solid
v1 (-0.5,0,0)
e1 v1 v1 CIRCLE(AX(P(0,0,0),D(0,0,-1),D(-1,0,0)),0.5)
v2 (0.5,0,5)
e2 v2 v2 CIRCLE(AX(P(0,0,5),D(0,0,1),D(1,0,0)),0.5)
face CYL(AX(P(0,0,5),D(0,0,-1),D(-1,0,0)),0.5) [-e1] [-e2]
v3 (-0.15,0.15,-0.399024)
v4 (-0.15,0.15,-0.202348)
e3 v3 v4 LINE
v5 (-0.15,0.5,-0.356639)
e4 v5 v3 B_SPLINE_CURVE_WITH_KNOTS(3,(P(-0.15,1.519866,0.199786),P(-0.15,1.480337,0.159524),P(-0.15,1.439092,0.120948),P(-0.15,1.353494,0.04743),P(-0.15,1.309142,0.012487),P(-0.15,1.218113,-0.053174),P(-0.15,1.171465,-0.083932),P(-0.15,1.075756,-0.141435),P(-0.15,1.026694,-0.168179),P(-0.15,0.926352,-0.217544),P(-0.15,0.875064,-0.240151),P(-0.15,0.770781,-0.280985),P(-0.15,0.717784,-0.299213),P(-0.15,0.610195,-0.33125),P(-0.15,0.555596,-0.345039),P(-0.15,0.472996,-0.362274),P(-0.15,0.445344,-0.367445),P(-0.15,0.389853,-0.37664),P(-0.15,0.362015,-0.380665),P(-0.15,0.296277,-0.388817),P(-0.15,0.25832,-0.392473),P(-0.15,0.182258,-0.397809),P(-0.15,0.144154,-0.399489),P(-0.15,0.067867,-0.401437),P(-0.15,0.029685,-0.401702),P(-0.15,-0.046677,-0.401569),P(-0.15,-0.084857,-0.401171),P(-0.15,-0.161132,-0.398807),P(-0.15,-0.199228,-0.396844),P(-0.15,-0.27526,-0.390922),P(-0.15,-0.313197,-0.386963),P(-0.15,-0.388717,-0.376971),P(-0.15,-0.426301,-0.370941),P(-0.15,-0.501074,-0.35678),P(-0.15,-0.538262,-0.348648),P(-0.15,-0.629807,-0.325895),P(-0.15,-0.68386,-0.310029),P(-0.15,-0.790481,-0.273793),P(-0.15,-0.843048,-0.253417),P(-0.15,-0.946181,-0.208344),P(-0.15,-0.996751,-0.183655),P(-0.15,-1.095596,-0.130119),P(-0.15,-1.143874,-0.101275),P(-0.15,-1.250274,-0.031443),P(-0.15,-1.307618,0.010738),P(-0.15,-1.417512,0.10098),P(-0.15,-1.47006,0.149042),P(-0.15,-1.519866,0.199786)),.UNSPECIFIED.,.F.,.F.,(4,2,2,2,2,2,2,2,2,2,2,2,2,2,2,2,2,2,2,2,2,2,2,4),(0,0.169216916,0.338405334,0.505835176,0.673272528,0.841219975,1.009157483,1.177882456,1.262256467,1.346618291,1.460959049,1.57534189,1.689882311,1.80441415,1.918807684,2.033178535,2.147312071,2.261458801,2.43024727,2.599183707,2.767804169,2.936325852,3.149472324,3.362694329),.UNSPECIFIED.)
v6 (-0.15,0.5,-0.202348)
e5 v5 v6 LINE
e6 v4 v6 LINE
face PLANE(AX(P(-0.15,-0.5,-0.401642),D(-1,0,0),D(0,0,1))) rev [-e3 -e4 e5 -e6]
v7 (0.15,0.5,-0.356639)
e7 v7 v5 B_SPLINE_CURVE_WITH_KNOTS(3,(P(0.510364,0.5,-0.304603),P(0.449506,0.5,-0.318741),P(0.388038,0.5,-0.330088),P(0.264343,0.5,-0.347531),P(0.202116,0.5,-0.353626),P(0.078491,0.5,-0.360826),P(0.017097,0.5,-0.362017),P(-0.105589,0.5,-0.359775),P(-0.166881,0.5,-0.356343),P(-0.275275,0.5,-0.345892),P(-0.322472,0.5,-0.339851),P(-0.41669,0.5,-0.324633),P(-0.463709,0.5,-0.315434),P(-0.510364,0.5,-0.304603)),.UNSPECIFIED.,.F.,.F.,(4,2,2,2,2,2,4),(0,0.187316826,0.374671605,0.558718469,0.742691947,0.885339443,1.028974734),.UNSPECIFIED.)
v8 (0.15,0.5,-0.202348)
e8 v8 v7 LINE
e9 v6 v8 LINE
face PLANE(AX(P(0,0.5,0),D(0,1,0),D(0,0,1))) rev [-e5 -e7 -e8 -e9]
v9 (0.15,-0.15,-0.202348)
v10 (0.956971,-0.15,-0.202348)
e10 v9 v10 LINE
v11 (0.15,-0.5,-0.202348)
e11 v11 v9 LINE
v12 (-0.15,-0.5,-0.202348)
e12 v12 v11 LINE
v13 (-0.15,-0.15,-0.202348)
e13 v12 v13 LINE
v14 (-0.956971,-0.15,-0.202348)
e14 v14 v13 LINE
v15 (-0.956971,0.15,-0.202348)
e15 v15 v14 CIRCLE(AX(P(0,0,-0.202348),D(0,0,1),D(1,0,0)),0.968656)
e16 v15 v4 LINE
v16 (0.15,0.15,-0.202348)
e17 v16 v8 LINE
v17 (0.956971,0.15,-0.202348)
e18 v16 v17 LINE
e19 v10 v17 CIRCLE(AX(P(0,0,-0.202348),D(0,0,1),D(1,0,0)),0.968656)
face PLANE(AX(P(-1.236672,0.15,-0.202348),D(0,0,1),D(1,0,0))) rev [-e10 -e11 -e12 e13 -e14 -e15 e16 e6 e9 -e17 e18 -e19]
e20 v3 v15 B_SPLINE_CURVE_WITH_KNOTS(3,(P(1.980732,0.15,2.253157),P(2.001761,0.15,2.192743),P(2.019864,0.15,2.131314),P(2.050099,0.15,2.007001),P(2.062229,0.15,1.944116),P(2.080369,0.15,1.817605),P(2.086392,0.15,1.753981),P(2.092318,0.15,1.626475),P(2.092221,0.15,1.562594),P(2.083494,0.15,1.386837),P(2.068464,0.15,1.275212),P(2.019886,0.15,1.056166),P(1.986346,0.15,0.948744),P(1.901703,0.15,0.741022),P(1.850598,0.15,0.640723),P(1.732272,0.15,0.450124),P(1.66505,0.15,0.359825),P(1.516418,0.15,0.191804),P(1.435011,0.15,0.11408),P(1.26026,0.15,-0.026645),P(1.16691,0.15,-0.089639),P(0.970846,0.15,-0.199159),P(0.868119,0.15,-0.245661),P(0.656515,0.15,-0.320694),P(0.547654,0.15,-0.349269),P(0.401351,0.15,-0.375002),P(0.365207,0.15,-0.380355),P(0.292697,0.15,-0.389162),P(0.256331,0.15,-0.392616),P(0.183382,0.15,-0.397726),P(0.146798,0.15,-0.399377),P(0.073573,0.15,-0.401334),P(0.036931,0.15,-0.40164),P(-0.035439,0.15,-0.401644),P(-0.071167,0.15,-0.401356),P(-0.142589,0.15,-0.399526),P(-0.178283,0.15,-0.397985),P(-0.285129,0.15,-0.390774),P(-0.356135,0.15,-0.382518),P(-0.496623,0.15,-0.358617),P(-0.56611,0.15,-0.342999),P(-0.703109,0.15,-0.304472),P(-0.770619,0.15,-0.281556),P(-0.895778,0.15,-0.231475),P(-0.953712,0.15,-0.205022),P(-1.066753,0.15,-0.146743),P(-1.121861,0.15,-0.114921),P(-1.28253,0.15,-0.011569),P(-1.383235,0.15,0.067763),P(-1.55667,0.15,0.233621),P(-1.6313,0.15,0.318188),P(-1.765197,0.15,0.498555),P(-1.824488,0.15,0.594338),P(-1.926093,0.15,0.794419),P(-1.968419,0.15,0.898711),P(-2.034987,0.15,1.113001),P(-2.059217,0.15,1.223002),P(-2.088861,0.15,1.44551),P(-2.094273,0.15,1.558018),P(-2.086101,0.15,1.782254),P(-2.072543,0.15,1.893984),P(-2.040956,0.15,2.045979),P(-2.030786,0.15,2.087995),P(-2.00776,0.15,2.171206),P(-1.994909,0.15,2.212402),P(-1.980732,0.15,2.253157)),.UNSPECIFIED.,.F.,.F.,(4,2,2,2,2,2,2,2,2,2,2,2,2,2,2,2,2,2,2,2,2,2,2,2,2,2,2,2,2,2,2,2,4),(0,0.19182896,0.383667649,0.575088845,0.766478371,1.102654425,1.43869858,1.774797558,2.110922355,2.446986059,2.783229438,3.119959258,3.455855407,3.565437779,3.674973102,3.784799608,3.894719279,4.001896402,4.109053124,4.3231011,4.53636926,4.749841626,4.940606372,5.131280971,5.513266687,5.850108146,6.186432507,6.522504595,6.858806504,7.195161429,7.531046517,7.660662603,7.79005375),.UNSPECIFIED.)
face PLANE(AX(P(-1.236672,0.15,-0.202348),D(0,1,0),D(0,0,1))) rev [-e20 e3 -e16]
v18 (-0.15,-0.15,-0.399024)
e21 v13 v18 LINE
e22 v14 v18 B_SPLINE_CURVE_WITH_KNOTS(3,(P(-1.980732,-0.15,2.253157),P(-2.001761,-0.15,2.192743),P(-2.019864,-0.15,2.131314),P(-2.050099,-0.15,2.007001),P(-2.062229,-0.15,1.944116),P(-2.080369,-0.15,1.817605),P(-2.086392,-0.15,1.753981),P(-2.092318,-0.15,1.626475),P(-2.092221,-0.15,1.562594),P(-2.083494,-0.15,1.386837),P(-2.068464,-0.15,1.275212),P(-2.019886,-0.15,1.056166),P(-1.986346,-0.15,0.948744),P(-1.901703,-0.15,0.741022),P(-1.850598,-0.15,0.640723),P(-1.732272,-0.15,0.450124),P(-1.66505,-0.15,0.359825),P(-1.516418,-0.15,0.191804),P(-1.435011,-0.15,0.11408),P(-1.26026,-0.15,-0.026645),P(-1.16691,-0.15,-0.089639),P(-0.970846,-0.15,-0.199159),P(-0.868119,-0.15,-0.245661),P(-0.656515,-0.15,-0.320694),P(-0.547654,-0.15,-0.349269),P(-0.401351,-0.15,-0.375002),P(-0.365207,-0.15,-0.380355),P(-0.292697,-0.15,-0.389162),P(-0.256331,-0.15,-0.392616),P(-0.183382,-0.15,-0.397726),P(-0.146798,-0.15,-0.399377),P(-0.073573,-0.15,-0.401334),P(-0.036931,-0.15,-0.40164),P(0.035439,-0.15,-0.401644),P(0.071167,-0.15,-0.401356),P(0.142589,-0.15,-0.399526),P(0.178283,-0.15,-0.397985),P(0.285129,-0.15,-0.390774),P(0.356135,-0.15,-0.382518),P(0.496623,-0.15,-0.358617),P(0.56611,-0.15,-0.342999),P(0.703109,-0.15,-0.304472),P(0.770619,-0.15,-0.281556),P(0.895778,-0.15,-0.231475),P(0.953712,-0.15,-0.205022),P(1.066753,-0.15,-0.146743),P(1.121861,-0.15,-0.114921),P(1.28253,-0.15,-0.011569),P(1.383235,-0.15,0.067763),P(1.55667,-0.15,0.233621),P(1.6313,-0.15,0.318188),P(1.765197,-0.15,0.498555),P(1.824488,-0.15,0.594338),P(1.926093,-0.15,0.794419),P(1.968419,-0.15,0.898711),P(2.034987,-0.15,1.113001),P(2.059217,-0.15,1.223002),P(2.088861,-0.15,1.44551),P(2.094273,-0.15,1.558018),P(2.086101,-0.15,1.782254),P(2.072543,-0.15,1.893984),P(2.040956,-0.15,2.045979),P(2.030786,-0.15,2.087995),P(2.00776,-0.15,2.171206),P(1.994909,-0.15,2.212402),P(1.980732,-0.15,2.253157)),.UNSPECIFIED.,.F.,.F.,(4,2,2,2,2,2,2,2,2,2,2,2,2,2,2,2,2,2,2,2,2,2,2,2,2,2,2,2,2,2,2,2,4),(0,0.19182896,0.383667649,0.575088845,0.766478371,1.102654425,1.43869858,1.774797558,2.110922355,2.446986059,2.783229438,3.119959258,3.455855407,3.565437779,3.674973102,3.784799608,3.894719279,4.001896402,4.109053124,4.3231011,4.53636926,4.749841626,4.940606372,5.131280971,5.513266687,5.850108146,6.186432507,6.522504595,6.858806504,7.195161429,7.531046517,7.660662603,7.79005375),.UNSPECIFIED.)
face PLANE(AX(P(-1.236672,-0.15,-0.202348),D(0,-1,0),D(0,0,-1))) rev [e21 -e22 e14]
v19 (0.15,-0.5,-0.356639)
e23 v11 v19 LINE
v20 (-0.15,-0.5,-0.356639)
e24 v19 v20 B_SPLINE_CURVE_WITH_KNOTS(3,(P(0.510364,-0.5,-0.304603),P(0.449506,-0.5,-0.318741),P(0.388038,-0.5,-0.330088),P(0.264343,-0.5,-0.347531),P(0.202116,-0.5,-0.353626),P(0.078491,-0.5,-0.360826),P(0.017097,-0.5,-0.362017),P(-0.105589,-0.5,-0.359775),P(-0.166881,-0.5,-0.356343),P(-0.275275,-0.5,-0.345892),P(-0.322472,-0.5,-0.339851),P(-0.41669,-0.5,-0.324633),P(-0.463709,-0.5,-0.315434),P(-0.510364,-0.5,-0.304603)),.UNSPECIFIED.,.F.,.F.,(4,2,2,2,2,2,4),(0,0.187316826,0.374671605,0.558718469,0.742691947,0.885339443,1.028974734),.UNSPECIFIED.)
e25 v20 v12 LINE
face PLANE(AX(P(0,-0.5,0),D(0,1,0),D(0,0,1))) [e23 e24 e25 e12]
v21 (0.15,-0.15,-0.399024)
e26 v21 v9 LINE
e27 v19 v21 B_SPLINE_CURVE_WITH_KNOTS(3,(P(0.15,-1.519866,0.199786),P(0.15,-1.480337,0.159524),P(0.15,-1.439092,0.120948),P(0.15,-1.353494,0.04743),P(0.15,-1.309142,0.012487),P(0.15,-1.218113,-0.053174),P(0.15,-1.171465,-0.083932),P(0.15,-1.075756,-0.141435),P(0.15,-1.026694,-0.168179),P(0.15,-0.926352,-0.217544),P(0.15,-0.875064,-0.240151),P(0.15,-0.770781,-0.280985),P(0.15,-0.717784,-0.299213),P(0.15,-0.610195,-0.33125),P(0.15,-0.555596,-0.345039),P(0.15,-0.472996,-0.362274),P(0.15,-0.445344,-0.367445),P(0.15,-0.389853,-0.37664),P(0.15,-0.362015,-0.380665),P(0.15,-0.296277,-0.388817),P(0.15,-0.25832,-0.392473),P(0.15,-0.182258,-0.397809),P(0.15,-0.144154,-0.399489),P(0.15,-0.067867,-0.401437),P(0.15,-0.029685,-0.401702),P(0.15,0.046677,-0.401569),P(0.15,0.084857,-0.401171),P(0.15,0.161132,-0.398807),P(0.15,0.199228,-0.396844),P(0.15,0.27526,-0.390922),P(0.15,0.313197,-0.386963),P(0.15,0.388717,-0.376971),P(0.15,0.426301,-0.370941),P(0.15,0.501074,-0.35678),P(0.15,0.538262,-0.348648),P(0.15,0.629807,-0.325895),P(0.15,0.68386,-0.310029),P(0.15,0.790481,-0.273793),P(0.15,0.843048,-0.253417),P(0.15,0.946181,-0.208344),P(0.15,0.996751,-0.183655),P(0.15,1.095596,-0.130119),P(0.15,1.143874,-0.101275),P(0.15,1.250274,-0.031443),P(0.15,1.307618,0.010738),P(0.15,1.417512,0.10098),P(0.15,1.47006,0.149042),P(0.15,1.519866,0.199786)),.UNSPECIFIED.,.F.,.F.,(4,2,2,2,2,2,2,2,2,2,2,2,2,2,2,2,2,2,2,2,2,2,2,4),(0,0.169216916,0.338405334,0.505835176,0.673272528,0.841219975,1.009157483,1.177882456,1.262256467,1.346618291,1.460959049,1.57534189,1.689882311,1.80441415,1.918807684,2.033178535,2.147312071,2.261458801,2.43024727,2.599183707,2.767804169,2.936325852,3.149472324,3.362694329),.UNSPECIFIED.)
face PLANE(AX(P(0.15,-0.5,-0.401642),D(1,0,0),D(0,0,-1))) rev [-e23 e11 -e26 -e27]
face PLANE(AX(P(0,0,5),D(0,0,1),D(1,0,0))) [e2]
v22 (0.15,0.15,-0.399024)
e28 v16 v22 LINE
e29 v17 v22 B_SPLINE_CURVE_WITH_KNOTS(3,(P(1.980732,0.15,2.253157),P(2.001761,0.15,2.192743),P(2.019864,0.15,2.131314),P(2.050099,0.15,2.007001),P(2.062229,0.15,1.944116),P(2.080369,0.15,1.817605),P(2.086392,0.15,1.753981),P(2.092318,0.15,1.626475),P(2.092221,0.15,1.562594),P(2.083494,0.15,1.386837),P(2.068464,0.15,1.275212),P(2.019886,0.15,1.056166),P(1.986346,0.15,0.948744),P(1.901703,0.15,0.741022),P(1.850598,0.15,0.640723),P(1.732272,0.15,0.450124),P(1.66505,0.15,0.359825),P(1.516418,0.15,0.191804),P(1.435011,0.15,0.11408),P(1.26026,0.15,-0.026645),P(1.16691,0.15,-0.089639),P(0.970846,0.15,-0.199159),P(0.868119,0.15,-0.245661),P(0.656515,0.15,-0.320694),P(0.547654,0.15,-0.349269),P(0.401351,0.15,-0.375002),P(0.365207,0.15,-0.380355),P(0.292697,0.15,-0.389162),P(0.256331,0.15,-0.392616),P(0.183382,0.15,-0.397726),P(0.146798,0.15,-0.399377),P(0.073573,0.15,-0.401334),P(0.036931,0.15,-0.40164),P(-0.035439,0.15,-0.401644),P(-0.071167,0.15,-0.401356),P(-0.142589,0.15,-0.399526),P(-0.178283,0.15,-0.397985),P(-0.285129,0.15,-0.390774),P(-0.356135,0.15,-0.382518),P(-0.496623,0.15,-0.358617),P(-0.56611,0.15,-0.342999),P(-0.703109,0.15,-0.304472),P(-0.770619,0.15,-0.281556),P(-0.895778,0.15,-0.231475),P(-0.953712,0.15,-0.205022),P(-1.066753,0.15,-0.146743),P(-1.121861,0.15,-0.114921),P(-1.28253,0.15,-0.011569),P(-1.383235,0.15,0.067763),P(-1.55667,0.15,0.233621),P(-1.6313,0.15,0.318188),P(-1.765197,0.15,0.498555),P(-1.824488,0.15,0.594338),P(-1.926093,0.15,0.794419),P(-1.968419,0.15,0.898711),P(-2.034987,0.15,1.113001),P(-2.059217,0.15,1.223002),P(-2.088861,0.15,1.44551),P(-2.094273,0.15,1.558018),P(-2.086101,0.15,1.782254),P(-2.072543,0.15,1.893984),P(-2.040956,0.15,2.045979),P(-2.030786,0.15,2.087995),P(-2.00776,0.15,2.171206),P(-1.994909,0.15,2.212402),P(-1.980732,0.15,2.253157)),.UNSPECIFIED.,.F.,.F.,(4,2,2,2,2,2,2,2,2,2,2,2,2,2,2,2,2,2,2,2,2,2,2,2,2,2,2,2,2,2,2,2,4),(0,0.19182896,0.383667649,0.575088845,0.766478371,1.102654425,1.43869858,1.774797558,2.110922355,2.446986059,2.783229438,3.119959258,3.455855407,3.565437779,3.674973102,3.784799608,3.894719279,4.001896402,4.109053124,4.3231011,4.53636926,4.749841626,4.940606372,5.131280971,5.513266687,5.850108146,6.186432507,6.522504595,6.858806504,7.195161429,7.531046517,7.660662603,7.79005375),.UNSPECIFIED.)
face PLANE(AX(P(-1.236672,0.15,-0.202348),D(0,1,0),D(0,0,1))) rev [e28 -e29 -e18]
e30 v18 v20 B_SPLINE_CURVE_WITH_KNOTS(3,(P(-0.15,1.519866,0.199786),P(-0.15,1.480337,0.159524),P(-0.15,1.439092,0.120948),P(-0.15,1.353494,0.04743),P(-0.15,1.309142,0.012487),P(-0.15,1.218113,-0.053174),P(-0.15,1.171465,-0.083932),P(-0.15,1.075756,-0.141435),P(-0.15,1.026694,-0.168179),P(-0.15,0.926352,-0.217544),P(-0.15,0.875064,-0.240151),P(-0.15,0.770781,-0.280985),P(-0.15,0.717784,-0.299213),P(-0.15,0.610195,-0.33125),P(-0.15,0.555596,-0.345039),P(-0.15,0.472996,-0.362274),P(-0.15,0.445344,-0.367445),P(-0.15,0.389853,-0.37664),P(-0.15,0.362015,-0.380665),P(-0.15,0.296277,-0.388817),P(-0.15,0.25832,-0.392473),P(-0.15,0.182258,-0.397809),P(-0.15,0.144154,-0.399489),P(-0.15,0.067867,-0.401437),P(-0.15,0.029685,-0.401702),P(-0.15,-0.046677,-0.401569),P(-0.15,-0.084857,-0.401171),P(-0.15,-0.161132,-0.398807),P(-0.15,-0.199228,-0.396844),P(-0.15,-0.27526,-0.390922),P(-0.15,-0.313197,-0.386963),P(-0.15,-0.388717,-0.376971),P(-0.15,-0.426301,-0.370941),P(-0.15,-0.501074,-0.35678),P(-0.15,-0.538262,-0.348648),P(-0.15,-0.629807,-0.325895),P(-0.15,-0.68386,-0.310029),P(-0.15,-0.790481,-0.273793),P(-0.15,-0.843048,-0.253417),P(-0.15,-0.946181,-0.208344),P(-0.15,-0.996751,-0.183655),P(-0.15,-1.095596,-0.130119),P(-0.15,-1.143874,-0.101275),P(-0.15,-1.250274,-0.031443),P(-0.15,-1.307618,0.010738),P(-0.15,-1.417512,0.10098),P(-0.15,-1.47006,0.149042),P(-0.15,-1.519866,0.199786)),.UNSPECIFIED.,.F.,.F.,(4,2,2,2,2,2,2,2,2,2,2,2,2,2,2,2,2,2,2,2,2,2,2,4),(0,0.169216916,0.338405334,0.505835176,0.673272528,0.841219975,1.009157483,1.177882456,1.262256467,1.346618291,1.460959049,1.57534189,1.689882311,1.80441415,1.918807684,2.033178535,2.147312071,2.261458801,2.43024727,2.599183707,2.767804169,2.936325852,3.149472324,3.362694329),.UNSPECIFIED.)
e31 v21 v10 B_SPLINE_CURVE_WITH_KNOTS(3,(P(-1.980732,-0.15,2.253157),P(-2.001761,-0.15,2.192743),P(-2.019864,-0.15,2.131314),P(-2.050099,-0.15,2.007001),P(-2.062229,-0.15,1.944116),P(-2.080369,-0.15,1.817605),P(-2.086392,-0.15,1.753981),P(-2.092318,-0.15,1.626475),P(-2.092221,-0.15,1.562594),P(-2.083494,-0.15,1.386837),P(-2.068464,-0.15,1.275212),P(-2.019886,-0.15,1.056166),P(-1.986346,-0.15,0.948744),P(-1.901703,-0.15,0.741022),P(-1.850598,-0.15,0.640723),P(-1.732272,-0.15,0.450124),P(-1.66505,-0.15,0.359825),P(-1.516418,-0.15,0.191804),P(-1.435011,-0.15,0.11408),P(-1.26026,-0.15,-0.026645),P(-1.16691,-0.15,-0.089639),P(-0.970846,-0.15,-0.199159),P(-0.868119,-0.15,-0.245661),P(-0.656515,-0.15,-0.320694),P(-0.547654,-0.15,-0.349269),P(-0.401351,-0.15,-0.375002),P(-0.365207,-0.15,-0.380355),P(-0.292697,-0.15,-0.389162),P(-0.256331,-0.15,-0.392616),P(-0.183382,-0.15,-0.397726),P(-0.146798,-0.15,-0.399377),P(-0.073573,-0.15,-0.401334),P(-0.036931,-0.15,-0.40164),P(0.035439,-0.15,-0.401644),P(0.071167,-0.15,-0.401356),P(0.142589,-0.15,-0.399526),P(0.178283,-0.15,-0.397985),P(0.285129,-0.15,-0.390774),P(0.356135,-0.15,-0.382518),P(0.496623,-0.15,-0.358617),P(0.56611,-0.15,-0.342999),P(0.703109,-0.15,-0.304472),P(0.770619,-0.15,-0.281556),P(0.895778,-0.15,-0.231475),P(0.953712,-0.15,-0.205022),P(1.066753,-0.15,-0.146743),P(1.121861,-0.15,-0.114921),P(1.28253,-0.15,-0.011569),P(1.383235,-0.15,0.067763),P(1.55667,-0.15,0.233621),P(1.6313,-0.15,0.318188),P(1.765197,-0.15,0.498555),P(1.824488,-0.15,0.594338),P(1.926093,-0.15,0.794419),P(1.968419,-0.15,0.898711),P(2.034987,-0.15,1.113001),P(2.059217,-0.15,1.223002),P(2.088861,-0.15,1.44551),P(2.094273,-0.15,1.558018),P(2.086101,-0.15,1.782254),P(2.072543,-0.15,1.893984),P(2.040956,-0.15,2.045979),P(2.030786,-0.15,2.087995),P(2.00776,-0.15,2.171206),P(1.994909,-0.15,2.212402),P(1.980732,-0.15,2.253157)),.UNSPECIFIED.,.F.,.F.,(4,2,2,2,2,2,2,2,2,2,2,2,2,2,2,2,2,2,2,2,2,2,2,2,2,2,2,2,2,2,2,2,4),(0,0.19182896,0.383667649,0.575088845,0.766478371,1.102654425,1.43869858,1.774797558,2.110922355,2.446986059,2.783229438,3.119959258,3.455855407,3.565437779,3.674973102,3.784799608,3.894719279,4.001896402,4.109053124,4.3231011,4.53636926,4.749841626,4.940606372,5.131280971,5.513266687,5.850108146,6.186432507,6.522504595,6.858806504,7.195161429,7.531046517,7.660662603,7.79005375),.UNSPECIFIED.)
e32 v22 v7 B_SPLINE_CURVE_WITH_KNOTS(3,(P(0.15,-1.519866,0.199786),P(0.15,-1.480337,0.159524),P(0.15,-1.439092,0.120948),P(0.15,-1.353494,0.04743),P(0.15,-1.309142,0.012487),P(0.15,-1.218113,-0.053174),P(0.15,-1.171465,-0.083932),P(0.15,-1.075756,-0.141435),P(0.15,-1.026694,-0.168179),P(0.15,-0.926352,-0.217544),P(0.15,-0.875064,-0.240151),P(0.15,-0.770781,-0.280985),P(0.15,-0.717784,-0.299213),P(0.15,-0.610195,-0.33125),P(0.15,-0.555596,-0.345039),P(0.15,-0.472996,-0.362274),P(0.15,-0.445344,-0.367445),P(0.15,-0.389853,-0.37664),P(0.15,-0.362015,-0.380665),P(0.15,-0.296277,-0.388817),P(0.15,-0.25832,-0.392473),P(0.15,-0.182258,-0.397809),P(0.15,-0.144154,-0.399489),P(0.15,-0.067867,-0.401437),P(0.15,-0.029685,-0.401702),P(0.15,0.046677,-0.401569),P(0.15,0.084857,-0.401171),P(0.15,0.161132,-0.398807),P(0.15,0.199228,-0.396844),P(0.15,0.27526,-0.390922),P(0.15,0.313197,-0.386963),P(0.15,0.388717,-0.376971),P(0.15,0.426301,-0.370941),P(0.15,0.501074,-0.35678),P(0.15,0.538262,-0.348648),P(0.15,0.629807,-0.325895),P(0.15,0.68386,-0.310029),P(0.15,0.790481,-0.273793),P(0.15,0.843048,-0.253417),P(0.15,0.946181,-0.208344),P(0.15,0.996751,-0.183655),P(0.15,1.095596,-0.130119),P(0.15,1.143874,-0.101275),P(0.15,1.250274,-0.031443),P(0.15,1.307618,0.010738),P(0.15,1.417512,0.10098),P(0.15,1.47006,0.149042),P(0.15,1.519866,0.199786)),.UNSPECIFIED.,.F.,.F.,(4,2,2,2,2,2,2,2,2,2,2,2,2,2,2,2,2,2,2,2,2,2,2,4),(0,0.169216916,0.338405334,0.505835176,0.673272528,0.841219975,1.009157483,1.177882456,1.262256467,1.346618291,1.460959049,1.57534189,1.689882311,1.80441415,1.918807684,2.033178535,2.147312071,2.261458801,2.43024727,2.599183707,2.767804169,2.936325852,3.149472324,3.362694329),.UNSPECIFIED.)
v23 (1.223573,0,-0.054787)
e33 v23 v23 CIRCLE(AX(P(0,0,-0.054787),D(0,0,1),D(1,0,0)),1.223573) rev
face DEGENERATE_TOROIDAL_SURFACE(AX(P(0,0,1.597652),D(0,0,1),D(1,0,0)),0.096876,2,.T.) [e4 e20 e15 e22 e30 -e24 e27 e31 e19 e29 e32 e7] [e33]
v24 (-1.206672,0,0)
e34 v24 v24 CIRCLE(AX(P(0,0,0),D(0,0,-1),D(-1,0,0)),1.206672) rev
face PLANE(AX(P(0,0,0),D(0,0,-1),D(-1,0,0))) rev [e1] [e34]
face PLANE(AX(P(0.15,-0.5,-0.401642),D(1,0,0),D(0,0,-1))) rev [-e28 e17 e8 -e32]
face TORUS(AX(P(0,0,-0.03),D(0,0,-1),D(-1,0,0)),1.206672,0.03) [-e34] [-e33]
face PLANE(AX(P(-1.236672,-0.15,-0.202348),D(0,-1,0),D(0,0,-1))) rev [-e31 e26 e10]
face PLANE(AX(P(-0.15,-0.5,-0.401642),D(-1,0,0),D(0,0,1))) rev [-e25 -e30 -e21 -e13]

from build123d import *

# Parameters (mm, degrees)
SKETCH1_R               = 0.5
BOSS_EXTRUDE1_DEPTH     = 5
FILLET1_R               = 0.03
SKETCH3_W               = 0.2
SKETCH3_H               = 0.3
CUT_EXTRUDE1_DEPTH      = 2.236671107
CUT_EXTRUDE1_DEPTH_BACK = 2.236671107
SKETCH4_W               = 0.3
SKETCH4_H               = 0.199294318
CUT_EXTRUDE2_DEPTH      = 0.5


with BuildPart() as part:
    # Sketch1 → Boss-Extrude1 (new body)
    with BuildSketch(Plane.XY):
        Circle(SKETCH1_R)
    extrude(amount=BOSS_EXTRUDE1_DEPTH)

    # Sketch2 → Revolve1 (revolve)
    with BuildSketch(Plane(origin=(0, 0, 0), x_dir=(0, 0, -1), z_dir=(1, 0, 0))):
        with BuildLine():
            Line((0, 0), (0.4, 0))
            ThreePointArc((0.4, 0), (0.313905644, 0.685047891), (0, 1.3))
            Line((0, 1.3), (0, 0))
        make_face()
    revolve(axis=Axis((0, 0, 0), (0, 0, -1)))

    # Fillet1
    fillet1_edges = [part.edges().sort_by_distance(p)[0] for p in [
        (0, -1.3, 0),
    ]]
    fillet(fillet1_edges, radius=FILLET1_R)

    # Sketch3 → Cut-Extrude1 (cut, two sides)
    with BuildSketch(Plane(origin=(0, 0, 0), x_dir=(0, 0, -1), z_dir=(1, 0, 0))) as cut_extrude1_sk:
        with Locations((0.302347627, 0)):
            Rectangle(SKETCH3_W, SKETCH3_H)
    extrude(amount=CUT_EXTRUDE1_DEPTH, mode=Mode.SUBTRACT)
    extrude(cut_extrude1_sk.sketch, amount=-CUT_EXTRUDE1_DEPTH_BACK, mode=Mode.SUBTRACT)

    # Sketch4 → Cut-Extrude2 (cut, symmetric)
    with BuildSketch(Plane(origin=(0, 0, 0), x_dir=(1, 0, 0), z_dir=(0, 1, 0))):
        with Locations((0, 0.301994786)):
            Rectangle(SKETCH4_W, SKETCH4_H)
    extrude(amount=CUT_EXTRUDE2_DEPTH, both=True, mode=Mode.SUBTRACT)


solid = part.part
